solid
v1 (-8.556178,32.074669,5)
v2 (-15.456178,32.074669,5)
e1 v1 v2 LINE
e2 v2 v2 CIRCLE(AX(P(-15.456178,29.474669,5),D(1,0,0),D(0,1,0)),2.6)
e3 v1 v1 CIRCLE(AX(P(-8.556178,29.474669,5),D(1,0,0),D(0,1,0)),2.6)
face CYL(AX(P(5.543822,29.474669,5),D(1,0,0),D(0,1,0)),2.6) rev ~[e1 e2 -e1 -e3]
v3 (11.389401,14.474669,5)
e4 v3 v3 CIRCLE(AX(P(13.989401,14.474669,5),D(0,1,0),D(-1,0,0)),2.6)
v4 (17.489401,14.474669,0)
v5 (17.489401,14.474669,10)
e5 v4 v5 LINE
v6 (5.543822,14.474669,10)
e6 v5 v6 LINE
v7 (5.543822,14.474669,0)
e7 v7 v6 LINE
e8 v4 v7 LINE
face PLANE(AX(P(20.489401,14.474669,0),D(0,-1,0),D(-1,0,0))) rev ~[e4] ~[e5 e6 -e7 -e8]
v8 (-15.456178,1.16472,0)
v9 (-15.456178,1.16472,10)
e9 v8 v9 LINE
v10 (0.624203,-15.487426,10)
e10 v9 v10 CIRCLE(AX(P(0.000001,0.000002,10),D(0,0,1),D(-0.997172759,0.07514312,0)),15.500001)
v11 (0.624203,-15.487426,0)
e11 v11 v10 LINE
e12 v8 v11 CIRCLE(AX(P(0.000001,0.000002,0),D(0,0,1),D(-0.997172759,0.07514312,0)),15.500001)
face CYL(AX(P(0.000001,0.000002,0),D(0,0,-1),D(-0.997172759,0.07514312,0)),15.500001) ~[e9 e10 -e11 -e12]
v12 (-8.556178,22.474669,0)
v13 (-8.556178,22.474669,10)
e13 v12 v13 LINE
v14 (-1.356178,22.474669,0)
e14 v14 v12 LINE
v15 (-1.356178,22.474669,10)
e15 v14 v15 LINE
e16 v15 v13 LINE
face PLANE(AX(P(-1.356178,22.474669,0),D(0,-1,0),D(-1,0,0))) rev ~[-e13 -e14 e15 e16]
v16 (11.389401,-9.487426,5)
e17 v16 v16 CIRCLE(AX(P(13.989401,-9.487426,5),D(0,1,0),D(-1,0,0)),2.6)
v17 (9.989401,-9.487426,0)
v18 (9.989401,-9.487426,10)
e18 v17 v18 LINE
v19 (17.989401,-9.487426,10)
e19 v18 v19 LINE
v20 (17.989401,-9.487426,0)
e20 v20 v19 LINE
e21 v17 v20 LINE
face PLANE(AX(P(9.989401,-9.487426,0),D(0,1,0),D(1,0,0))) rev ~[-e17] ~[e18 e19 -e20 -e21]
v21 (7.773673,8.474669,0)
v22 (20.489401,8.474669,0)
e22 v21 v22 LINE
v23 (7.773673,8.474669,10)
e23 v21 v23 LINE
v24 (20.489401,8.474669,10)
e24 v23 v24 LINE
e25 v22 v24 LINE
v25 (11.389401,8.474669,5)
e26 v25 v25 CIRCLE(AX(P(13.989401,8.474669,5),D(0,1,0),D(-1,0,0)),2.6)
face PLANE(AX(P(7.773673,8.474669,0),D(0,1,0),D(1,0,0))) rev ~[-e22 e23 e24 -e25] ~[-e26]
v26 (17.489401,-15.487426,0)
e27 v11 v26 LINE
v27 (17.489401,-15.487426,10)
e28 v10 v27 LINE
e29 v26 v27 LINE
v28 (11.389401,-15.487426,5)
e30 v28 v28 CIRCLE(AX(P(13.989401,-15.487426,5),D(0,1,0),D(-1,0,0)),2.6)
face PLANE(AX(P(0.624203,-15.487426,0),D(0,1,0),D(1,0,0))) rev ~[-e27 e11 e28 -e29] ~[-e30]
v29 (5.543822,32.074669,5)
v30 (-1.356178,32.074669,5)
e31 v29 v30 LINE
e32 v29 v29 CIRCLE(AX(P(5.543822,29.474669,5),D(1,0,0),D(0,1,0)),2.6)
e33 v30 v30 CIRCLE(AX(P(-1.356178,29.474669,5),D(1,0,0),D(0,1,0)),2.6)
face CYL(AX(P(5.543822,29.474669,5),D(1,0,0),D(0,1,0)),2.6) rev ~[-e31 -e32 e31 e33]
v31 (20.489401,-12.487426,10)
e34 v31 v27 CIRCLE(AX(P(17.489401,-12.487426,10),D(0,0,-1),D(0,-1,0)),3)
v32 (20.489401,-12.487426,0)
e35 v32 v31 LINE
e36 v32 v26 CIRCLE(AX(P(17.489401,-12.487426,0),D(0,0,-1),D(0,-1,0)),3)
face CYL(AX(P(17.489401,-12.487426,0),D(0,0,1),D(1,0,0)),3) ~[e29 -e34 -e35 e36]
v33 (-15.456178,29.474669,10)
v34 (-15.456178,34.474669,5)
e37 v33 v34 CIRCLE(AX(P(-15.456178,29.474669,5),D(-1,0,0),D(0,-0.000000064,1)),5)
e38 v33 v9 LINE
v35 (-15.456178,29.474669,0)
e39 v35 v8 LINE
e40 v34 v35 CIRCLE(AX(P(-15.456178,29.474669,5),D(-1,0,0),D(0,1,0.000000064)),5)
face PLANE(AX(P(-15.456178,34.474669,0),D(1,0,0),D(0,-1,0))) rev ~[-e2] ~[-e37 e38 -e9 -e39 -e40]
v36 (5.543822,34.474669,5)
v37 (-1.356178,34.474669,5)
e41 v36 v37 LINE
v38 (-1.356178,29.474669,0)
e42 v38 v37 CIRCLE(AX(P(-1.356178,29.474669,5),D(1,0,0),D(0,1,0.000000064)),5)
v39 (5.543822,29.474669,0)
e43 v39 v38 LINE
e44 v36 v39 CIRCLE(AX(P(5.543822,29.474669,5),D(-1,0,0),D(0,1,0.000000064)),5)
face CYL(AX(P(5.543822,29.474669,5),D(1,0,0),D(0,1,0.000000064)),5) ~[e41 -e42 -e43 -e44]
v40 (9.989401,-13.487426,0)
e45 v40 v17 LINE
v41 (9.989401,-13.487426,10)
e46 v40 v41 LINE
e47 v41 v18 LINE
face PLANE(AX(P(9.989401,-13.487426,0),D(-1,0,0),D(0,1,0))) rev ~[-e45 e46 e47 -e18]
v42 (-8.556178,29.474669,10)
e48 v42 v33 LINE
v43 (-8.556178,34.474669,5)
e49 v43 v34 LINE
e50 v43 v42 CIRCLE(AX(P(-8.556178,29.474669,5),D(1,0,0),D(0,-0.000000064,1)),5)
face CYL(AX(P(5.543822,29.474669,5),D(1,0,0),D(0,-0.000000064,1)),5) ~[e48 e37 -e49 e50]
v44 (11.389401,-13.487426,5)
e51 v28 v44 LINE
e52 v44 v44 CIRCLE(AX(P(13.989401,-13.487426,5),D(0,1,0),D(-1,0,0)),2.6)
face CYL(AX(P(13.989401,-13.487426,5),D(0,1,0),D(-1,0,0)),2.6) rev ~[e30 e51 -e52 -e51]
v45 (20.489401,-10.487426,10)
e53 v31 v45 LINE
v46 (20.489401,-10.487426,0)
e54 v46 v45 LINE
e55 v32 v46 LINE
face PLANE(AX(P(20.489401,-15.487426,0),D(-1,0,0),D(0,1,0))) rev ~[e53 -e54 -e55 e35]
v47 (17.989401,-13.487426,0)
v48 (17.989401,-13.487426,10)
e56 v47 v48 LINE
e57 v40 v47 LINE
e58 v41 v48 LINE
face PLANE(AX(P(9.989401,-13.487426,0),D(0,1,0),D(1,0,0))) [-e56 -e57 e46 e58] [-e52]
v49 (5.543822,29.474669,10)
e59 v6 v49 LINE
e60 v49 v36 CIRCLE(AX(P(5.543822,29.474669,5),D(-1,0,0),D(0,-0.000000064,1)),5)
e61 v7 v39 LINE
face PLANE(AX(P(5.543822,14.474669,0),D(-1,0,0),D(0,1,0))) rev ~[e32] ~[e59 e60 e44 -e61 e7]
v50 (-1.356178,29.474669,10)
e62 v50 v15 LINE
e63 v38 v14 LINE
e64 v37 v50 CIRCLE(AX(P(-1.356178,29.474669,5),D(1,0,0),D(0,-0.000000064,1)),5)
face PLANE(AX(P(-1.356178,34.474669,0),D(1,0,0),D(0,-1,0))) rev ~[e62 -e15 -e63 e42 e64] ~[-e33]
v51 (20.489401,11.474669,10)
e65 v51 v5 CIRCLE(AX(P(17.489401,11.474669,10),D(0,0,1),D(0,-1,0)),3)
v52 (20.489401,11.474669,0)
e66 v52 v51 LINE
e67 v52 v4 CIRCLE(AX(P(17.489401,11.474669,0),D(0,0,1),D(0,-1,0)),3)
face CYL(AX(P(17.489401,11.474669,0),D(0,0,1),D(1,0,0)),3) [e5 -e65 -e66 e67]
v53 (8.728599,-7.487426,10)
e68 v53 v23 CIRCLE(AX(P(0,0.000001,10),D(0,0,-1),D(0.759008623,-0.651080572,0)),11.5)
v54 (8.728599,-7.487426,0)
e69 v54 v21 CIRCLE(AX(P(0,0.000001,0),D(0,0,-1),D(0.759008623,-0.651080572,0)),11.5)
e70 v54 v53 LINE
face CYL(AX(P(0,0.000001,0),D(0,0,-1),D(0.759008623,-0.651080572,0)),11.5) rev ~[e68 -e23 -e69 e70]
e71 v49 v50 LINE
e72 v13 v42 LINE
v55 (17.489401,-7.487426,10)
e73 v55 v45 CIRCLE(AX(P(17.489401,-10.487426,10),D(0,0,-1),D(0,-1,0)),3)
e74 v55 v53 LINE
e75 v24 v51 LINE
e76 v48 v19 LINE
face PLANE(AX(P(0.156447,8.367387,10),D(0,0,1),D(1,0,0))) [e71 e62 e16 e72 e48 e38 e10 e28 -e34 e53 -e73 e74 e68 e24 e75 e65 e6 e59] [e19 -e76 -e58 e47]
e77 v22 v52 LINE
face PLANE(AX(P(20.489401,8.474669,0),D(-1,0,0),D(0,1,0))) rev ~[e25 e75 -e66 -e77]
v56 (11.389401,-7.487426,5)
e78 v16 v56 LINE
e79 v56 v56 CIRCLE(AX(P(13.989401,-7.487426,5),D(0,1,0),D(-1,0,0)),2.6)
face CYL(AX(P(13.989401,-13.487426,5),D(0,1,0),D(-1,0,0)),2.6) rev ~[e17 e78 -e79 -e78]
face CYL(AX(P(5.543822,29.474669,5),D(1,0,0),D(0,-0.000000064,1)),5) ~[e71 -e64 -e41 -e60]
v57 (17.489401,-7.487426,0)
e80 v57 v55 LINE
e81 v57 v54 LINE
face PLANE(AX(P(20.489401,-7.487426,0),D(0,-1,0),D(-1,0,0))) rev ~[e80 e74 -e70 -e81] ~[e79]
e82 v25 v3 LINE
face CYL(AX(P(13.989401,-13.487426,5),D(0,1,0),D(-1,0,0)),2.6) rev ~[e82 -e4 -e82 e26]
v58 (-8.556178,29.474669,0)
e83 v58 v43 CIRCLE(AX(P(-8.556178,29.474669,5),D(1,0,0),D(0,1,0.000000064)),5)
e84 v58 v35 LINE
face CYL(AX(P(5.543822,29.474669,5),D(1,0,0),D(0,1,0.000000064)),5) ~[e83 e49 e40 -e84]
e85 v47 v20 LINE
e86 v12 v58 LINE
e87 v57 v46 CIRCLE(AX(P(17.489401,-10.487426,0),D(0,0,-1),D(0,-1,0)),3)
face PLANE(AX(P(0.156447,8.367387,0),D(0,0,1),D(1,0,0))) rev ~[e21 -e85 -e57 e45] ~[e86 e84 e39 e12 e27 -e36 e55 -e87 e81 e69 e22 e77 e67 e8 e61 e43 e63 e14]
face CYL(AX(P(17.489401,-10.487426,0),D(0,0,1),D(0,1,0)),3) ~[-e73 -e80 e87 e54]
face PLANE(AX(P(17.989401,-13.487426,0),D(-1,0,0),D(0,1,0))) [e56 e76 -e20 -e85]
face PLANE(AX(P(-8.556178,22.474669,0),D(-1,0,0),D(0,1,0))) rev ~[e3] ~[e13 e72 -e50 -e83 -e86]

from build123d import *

# Parameters (mm, degrees)
F0_W     = 8
F0_H     = 4
F1_DEPTH = 10
F2_R     = 2.6
F3_DEPTH = 21
F4_R     = 2.6
F5_DEPTH = 50
F6_R     = 3


with BuildPart() as f1:
    # F0 (on Top) → F1 (new body)
    with BuildSketch(Plane.XY):
        with BuildLine():
            Line((20.489401, 8.474669), (20.489401, 14.474669))
            Line((20.489401, 14.474669), (5.543822, 14.474669))
            Line((5.543822, 14.474669), (5.543822, 34.474669))
            Line((5.543822, 34.474669), (-1.356178, 34.474669))
            Line((-1.356178, 34.474669), (-1.356178, 22.474669))
            Line((-1.356178, 22.474669), (-8.556178, 22.474669))
            Line((-8.556178, 22.474669), (-8.556178, 34.474669))
            Line((-8.556178, 34.474669), (-15.456178, 34.474669))
            Line((-15.456178, 34.474669), (-15.456178, 1.16472))
            ThreePointArc((-15.456178, 1.16472), (-11.149904, -10.767062), (0.624203, -15.487426))
            Line((0.624203, -15.487426), (11.585323, -15.487426))
            Line((11.585323, -15.487426), (20.489401, -15.487426))
            Line((20.489401, -15.487426), (20.489401, -7.487426))
            Line((20.489401, -7.487426), (8.728599, -7.487426))
            ThreePointArc((8.728599, -7.487426), (-11.479476, -0.686755), (7.773673, 8.474669))
            Line((7.773673, 8.474669), (20.489401, 8.474669))
        make_face()
        with Locations((13.989401, -11.487426)):
            Rectangle(F0_W, F0_H, mode=Mode.SUBTRACT)
    extrude(amount=F1_DEPTH)

    # F2 (on face) → F3 (cut, through all)
    with BuildSketch(Plane.YZ.offset(5.543822)):
        with BuildLine():
            ThreePointArc((34.474669, 5), (33.010203, 1.464466), (29.474669, 0))
            Line((29.474669, 0), (34.474669, 0))
            Line((34.474669, 0), (34.474669, 5))
        make_face()
        with BuildLine():
            ThreePointArc((29.474669, 10), (33.010203, 8.535534), (34.474669, 5))
            Line((34.474669, 5), (34.474669, 10))
            Line((34.474669, 10), (29.474669, 10))
        make_face()
        with Locations((29.474669, 5)):
            Circle(F2_R)
    extrude(amount=-F3_DEPTH, mode=Mode.SUBTRACT)

    # F4 (on face) → F5 (cut, symmetric)
    with BuildSketch(Plane(origin=(0, -13.487426, 0), x_dir=(-1, 0, 0), z_dir=(0, 1, 0))):
        with Locations((-13.989401, 5)):
            Circle(F4_R)
    extrude(amount=F5_DEPTH, both=True, mode=Mode.SUBTRACT)

    # F6
    f6_edges = [f1.edges().sort_by_distance(p)[0] for p in [
        (20.489401, 14.474669, 5),
        (20.489401, -7.487426, 5),
        (20.489401, -15.487426, 5),
    ]]
    fillet(f6_edges, radius=F6_R)


solid = f1.part
